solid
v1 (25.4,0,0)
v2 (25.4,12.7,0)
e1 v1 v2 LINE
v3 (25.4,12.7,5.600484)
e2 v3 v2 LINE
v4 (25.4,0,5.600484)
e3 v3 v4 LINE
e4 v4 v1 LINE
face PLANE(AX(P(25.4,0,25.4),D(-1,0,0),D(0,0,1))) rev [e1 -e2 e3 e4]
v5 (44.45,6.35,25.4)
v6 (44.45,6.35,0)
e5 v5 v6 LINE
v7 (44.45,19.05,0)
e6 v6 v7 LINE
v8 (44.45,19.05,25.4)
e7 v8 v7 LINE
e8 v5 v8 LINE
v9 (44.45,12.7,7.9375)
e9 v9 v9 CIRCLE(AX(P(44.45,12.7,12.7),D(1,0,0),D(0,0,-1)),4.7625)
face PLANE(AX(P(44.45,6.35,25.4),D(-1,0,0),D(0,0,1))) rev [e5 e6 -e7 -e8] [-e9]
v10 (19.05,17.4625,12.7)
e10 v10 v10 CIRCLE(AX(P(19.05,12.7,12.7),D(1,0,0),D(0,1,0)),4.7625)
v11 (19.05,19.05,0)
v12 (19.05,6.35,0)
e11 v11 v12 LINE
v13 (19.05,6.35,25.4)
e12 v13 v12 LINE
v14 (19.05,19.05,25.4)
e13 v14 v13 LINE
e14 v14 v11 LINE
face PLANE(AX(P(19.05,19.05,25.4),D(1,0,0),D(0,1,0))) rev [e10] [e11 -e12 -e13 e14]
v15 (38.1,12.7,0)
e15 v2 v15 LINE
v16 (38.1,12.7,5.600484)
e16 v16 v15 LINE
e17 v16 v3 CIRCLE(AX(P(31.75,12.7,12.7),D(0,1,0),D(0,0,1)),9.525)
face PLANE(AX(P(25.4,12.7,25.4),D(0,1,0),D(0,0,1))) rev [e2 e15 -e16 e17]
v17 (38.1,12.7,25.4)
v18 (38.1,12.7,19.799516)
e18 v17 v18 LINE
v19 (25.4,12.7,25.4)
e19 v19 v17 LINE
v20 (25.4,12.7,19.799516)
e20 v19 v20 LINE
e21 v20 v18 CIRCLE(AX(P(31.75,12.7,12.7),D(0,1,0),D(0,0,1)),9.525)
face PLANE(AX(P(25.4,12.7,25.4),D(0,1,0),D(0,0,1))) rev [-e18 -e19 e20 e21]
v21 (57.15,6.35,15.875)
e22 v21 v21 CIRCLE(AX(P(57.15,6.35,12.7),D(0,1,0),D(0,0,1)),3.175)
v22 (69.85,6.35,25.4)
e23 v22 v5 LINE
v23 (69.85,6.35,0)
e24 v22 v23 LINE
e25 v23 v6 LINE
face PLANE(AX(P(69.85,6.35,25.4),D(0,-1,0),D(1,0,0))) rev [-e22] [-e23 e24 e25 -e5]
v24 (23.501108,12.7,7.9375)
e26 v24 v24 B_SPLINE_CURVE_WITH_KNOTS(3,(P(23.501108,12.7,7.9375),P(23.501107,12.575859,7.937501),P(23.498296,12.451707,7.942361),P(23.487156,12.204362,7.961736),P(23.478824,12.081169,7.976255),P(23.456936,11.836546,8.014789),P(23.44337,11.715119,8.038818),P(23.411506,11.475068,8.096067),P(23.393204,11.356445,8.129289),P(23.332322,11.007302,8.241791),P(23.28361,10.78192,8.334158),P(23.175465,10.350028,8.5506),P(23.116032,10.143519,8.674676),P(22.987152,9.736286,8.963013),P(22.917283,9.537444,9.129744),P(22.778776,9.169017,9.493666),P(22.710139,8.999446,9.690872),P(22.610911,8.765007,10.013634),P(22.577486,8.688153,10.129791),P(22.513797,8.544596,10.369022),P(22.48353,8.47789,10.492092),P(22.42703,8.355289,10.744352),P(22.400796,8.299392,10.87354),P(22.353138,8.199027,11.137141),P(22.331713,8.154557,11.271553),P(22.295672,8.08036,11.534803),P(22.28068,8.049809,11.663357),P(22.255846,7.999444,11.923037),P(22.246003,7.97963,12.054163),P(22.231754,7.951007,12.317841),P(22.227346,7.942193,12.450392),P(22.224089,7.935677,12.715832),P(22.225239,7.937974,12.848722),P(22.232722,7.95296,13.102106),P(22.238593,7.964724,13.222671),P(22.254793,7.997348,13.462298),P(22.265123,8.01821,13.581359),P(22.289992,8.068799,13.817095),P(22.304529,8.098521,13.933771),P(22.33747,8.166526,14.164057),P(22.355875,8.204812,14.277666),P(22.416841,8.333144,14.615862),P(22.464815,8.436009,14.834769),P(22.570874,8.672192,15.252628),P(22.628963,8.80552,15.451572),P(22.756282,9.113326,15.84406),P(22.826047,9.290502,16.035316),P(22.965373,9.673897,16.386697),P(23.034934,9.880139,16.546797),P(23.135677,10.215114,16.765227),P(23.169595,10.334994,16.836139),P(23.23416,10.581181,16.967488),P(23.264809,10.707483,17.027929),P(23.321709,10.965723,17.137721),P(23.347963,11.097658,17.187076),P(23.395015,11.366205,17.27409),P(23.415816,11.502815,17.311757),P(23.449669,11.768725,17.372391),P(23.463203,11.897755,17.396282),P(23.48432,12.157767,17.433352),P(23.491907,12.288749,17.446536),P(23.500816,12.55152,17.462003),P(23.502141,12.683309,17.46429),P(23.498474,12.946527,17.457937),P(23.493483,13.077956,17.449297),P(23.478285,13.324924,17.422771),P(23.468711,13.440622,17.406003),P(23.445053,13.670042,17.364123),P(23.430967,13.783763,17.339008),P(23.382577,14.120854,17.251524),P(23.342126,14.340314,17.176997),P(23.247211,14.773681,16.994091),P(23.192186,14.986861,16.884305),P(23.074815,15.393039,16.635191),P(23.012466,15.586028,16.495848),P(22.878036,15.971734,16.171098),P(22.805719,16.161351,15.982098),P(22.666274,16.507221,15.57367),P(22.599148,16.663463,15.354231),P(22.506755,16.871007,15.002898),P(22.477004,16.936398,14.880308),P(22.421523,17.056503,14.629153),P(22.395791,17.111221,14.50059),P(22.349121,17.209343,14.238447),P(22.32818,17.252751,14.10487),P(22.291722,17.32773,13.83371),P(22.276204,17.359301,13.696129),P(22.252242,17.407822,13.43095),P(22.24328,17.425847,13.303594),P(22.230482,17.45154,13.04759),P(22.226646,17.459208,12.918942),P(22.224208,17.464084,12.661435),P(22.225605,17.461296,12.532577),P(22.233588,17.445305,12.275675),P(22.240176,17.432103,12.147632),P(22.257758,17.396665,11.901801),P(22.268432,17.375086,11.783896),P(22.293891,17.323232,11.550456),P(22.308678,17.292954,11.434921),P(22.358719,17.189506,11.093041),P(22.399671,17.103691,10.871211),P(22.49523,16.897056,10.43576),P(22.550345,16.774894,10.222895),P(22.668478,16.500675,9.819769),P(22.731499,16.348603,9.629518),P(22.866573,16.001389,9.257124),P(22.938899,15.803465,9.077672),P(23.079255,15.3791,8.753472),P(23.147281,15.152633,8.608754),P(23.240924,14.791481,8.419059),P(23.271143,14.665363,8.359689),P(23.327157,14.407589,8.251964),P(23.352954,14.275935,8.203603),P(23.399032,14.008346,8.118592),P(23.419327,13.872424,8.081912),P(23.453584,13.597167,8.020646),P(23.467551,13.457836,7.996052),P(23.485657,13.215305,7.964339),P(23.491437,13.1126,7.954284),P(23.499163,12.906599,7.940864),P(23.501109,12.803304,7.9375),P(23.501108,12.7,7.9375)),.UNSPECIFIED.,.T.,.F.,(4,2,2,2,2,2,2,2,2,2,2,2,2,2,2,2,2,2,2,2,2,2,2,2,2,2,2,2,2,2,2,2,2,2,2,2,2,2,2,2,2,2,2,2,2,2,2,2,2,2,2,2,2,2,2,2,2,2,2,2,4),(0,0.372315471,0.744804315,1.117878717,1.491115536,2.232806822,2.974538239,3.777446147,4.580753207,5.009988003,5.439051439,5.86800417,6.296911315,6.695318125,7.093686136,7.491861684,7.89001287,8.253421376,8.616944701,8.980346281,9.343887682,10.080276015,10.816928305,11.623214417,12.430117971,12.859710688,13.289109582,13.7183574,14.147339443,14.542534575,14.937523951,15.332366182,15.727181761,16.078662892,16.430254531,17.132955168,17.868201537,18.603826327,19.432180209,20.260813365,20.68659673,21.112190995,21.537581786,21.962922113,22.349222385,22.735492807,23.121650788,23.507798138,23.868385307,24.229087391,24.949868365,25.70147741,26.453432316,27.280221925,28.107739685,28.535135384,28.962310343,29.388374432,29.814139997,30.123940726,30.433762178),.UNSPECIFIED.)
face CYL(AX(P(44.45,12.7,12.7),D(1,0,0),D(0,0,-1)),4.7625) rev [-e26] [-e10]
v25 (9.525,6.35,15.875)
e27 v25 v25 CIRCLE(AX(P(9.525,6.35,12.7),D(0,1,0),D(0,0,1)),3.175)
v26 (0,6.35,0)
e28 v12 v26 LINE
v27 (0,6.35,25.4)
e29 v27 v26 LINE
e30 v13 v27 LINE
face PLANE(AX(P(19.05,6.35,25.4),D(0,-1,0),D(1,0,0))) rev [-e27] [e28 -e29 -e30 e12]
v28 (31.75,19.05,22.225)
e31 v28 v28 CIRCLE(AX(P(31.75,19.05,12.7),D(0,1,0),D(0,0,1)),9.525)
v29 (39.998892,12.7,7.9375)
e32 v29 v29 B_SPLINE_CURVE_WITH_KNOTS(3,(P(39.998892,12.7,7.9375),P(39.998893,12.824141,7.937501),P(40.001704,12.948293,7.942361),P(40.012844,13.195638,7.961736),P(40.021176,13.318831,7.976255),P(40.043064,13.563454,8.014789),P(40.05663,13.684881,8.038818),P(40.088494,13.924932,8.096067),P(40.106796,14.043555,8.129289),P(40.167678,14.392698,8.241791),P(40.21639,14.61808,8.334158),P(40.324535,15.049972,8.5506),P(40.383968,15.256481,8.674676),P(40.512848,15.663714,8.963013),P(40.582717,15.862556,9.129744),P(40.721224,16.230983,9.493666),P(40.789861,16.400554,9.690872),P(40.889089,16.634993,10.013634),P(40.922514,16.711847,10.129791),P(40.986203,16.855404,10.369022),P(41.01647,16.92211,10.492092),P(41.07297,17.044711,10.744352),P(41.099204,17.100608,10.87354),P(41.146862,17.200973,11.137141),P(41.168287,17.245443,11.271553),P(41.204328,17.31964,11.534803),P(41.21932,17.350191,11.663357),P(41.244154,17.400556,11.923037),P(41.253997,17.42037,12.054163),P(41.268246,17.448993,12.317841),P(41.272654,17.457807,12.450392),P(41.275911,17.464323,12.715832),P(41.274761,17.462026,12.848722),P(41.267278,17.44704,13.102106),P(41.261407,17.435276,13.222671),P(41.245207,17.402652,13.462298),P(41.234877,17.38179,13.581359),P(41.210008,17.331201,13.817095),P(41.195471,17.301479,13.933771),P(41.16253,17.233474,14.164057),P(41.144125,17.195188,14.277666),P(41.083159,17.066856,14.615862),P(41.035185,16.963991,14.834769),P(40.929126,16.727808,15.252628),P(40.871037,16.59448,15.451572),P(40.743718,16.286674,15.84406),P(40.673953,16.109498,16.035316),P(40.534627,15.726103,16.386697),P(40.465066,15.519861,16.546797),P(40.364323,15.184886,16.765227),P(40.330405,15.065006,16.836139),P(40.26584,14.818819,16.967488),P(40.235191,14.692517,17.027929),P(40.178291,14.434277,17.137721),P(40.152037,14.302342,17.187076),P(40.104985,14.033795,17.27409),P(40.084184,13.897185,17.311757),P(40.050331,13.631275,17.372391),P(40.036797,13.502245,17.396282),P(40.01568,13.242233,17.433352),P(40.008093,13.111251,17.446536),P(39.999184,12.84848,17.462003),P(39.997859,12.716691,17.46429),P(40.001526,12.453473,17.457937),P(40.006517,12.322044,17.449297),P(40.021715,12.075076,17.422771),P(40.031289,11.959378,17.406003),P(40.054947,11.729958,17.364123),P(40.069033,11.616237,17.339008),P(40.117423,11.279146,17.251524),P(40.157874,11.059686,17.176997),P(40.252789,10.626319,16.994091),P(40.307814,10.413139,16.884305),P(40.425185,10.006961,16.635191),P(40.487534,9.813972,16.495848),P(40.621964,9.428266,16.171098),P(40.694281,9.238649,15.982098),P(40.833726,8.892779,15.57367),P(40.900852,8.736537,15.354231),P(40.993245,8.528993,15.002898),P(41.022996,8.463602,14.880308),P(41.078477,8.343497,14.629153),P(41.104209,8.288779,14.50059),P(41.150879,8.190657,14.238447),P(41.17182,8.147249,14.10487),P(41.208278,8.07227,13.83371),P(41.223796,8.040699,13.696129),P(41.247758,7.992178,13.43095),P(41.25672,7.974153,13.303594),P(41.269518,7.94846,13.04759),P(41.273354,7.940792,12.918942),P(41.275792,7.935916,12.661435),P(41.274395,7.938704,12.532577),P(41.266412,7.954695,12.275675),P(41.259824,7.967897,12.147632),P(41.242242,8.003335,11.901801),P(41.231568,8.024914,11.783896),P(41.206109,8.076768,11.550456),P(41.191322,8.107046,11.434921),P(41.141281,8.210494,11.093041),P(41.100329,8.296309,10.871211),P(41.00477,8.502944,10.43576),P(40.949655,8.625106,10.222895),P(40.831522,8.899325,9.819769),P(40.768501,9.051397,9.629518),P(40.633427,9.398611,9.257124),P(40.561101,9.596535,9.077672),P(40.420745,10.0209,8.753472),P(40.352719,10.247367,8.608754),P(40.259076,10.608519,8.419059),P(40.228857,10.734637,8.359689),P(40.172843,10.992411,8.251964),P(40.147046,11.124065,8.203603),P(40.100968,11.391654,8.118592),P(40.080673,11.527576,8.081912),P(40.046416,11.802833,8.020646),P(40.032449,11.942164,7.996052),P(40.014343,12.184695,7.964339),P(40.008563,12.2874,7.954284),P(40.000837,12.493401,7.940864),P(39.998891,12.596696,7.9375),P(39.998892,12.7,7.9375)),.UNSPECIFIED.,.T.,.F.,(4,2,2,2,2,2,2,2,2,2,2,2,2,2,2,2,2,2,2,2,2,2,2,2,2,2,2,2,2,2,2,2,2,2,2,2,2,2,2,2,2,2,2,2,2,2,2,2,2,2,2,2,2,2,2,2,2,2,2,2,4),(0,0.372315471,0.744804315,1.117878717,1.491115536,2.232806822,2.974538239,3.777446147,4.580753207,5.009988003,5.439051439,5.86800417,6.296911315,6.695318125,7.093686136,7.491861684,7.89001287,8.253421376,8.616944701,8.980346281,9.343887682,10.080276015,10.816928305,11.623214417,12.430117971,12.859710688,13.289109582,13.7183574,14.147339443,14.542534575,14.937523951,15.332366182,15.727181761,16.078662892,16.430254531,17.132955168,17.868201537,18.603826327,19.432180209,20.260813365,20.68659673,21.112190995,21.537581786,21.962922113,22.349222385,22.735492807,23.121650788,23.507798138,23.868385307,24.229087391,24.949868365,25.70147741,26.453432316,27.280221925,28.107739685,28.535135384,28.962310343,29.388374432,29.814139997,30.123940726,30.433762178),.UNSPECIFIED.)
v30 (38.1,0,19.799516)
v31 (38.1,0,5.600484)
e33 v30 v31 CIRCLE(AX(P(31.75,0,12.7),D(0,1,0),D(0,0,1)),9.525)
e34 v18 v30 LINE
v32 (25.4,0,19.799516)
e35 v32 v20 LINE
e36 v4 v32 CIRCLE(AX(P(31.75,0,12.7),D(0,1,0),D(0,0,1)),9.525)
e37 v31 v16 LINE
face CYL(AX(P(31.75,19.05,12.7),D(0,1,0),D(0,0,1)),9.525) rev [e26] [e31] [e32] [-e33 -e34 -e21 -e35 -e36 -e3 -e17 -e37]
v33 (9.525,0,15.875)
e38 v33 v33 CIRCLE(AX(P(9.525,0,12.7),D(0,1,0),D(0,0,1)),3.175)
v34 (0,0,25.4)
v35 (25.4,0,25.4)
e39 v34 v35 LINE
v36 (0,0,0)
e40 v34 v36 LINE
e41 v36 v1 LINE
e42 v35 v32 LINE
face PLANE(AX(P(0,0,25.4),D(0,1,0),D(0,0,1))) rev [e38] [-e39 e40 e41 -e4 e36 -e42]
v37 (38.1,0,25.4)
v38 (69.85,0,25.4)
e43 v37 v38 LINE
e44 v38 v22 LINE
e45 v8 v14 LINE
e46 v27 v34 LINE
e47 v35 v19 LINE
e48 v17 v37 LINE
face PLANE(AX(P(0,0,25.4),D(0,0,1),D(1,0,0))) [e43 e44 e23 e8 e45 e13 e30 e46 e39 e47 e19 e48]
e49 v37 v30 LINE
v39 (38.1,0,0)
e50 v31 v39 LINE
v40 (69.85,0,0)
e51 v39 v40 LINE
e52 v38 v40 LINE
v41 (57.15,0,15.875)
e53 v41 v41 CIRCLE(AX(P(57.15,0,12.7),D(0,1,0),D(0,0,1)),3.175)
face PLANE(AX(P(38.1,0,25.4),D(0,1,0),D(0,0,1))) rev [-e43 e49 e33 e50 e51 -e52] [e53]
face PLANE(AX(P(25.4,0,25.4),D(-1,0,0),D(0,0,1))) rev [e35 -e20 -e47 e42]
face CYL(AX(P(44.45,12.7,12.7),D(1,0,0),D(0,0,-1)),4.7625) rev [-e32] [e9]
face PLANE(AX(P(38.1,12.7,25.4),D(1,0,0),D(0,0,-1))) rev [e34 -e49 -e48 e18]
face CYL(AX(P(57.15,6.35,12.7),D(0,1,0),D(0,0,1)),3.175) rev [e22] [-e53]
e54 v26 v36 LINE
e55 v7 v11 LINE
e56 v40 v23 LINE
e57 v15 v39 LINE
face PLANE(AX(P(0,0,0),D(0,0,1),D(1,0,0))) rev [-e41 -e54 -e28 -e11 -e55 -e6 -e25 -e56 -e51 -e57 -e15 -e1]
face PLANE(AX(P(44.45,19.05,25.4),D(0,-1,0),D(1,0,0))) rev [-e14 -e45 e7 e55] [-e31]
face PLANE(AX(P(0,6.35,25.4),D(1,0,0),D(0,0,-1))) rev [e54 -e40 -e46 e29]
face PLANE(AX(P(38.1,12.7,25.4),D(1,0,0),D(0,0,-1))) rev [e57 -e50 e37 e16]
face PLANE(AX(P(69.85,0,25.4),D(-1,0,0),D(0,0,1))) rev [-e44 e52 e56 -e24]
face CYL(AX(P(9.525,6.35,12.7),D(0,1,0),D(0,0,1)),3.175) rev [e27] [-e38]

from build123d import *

# Parameters (mm, degrees)
BOSS_EXTRUDE1_DEPTH          = 25.4
F_1_2_0_75_DIAMETER_HOLE2_D  = 19.05
F_1_2_0_25_DIAMETER_HOLE1_D  = 6.35
F_1_2_0_25_DIAMETER_HOLE2_D  = 6.35
F_1_2_0_375_DIAMETER_HOLE1_D = 9.525


with BuildPart() as part:
    # Sketch1 → Boss-Extrude1 (new body)
    with BuildSketch(Plane.XY):
        Polygon((0, 0), (25.4, 0), (25.4, 12.7), (38.1, 12.7), (38.1, 0), (69.85, 0), (69.85, 6.35), (44.45, 6.35), (44.45, 19.05), (19.05, 19.05), (19.05, 6.35), (0, 6.35), align=None)
    extrude(amount=BOSS_EXTRUDE1_DEPTH)

    # 1/2 (0.75) Diameter Hole2 (through all)
    with Locations(Plane(origin=(0, 19.05, 0), x_dir=(1, 0, 0), z_dir=(0, 1, 0))):
        with Locations((31.75, -12.7)):
            Hole(F_1_2_0_75_DIAMETER_HOLE2_D / 2)

    # 1/2 (0.25) Diameter Hole1 (through all)
    with Locations(Plane(origin=(0, 6.35, 0), x_dir=(1, 0, 0), z_dir=(0, 1, 0))):
        with Locations((9.525, -12.7)):
            Hole(F_1_2_0_25_DIAMETER_HOLE1_D / 2)

    # 1/2 (0.25) Diameter Hole2 (through all)
    with Locations(Plane(origin=(0, 6.35, 0), x_dir=(1, 0, 0), z_dir=(0, 1, 0))):
        with Locations((57.15, -12.7)):
            Hole(F_1_2_0_25_DIAMETER_HOLE2_D / 2)

    # 1/2 (0.375) Diameter Hole1 (through all)
    with Locations(Plane(origin=(44.45, 0, 0), x_dir=(0, 0, -1), z_dir=(1, 0, 0))):
        with Locations((-12.7, 12.7)):
            Hole(F_1_2_0_375_DIAMETER_HOLE1_D / 2)


solid = part.part
